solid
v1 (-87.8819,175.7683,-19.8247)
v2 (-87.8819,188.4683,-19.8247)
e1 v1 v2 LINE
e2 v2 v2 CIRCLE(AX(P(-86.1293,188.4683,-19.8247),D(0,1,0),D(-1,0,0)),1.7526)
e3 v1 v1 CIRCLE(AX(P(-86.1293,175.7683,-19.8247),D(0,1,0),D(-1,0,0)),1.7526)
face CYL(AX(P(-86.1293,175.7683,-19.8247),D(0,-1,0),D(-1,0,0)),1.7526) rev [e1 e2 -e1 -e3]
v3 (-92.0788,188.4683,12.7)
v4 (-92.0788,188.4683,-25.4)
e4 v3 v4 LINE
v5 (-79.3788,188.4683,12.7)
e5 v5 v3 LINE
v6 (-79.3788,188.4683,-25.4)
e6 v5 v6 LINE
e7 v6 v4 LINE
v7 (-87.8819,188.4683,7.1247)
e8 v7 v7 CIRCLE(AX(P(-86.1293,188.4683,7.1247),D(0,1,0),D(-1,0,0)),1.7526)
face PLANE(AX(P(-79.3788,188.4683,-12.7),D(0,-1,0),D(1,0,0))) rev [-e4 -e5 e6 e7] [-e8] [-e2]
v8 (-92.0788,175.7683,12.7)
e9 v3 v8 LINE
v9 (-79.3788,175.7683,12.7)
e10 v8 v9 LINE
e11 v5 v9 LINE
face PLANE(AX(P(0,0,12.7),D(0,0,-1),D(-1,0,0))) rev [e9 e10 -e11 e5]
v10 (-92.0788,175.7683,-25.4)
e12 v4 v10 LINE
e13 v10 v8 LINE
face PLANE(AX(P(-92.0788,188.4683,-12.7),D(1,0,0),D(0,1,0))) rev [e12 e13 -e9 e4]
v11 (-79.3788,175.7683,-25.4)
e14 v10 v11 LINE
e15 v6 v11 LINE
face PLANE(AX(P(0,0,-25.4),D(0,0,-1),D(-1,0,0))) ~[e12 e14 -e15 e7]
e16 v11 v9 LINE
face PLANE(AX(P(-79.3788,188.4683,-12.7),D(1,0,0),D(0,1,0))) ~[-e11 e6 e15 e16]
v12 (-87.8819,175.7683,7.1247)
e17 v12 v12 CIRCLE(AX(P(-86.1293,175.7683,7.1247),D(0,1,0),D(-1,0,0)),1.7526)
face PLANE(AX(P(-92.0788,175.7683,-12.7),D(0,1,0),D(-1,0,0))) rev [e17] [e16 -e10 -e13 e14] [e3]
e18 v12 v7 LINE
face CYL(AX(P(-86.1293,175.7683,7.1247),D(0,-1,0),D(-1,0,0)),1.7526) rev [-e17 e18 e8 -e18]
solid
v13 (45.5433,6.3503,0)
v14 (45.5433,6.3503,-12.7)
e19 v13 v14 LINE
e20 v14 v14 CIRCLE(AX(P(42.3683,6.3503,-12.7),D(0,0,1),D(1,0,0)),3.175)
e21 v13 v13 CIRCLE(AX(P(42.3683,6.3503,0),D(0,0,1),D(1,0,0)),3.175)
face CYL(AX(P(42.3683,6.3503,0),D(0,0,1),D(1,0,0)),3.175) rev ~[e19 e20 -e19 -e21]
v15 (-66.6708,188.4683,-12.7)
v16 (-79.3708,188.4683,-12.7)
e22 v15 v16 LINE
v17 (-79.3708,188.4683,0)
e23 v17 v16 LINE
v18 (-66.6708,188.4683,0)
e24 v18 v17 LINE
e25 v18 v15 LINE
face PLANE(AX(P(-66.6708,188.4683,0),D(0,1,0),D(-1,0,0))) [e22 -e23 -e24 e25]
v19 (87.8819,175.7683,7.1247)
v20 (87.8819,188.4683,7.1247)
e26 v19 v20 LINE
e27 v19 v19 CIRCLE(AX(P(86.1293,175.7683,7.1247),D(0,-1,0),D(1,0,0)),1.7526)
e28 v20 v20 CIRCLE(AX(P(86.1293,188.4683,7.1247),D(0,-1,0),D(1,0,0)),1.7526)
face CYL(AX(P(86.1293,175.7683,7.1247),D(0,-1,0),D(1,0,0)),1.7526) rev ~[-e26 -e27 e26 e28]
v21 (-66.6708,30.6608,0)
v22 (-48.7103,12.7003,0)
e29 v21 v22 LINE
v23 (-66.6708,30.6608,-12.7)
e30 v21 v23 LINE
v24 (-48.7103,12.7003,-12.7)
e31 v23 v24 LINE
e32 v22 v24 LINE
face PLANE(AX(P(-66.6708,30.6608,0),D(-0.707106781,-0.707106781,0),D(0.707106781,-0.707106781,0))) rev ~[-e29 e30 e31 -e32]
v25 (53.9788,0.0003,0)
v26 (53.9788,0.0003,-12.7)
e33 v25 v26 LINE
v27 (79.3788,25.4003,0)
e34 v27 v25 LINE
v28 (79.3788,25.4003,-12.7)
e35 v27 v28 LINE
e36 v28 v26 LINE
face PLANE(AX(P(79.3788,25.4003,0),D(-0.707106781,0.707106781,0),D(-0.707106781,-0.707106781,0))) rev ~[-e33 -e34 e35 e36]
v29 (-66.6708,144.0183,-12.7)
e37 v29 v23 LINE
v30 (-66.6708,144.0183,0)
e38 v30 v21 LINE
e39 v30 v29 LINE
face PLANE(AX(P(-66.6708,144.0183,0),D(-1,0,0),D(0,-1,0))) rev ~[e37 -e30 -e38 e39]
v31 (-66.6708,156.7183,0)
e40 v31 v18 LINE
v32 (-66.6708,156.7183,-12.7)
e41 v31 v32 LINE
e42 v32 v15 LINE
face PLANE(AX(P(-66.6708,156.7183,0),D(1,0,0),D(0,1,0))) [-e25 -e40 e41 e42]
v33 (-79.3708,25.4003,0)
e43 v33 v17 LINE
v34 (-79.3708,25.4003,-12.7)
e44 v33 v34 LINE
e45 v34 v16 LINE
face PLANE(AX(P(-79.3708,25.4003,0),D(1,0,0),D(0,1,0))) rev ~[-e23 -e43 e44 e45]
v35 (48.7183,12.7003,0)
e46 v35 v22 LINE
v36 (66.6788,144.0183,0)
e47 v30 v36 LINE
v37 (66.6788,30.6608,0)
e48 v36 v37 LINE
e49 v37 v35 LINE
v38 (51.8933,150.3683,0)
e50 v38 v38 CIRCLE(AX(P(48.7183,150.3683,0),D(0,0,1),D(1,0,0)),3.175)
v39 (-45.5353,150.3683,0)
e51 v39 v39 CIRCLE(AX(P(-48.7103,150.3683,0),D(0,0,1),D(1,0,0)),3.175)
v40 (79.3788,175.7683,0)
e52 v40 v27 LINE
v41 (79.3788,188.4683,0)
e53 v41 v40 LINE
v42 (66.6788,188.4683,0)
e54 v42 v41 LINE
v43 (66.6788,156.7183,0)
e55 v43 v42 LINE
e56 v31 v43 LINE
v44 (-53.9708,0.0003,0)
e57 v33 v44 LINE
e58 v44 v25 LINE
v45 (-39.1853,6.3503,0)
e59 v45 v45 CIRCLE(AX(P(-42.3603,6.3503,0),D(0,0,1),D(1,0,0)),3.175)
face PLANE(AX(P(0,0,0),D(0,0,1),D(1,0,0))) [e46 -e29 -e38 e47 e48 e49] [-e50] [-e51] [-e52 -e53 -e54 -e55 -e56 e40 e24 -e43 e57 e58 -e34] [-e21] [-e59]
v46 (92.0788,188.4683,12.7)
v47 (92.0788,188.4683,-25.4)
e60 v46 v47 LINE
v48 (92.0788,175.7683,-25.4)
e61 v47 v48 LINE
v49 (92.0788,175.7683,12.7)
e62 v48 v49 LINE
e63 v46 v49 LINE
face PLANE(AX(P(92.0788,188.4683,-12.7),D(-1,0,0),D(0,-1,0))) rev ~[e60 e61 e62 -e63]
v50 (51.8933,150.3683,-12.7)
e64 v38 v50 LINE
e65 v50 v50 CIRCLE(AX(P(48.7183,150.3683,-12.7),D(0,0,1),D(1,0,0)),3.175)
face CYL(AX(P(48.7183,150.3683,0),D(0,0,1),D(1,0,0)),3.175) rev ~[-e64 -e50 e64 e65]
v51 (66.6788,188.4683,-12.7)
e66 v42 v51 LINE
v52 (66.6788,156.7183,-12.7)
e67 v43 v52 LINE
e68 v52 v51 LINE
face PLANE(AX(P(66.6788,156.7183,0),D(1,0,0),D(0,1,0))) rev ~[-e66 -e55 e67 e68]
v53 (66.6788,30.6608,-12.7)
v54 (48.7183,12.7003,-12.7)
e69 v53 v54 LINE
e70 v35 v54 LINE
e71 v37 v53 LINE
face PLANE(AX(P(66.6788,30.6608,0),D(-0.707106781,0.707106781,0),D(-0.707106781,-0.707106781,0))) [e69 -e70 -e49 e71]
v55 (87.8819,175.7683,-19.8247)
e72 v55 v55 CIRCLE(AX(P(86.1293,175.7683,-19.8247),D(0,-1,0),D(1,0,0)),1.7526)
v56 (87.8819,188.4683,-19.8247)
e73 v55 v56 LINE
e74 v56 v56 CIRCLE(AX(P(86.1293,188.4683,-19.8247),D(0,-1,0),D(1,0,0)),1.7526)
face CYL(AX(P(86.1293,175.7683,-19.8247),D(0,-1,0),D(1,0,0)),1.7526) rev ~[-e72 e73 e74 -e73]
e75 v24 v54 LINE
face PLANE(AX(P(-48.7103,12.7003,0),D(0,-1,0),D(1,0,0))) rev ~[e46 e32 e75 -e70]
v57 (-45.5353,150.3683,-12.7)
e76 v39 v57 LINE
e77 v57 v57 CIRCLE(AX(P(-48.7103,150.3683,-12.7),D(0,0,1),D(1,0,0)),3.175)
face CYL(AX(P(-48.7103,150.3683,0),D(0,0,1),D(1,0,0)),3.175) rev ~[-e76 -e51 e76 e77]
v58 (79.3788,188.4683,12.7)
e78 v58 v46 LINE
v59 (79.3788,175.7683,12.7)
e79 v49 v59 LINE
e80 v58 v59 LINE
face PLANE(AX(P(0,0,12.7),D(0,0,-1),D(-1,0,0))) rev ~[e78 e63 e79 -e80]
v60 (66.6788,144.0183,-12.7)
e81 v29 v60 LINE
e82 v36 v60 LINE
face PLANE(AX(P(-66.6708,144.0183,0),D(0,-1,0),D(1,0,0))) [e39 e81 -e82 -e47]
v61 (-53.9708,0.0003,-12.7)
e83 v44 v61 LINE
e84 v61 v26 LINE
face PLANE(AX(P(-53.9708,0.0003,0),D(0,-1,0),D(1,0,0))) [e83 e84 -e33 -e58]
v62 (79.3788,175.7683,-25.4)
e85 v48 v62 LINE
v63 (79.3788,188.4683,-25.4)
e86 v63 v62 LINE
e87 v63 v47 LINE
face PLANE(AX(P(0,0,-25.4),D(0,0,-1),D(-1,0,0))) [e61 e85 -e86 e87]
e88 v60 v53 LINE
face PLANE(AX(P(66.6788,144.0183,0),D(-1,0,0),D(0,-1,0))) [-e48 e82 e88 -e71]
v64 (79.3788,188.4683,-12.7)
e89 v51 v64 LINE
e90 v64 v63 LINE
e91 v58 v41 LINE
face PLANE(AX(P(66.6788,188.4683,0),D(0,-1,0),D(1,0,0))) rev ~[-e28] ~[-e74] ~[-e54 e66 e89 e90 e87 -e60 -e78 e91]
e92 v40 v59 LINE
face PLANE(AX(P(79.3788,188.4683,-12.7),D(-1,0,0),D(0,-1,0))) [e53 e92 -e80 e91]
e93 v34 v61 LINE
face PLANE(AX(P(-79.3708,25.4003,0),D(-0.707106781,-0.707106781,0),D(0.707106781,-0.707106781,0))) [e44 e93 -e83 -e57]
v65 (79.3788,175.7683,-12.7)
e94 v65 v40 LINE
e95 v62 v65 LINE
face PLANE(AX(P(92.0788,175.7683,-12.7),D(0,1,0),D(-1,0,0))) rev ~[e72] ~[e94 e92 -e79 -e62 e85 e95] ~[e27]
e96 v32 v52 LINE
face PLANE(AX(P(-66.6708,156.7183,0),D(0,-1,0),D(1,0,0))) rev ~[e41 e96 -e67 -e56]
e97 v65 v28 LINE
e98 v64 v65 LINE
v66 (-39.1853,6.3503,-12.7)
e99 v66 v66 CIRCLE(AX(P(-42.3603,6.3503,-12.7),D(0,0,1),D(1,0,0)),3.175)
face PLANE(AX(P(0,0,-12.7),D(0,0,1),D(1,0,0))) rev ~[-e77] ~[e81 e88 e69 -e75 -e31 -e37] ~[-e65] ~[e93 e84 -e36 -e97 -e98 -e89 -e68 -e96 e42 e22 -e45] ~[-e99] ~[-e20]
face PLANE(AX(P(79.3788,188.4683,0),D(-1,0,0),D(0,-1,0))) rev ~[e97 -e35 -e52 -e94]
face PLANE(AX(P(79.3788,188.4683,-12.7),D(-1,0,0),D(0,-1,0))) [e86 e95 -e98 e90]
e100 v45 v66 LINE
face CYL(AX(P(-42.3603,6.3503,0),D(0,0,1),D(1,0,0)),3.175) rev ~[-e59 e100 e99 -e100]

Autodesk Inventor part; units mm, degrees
ref_plane "YZ Plane" through (0, 0, 0) normal (1, 0, 0) x (0, 1, 0)
ref_plane "XZ Plane" through (0, 0, 0) normal (0, 1, 0) x (-1, 0, 0)
ref_plane "XY Plane" through (0, 0, 0) normal (0, 0, 1) x (1, 0, 0)
sketch "Sketch1" plane through (0, 0, 0) normal (0, 0, 1) x (1, 0, 0)
  line L0 (-73.0208, 6.3503) -> (73.0288, 6.3503) construction
  line L1 (73.0288, 6.3503) -> (73.0288, 150.3683) construction
  line L2 (73.0288, 150.3683) -> (-73.0208, 150.3683) construction
  line L3 (-73.0208, 150.3683) -> (-73.0208, 6.3503) construction
  line L4 (-79.3708, 156.7183) -> (79.3788, 156.7183) construction
  line L5 (79.3788, 188.4683) -> (79.3788, 0.0003) construction
  line L6 (79.3788, 0.0003) -> (-79.3708, 0.0003) construction
  line L7 (-79.3708, 0.0003) -> (-79.3708, 156.7183) construction
  line L8 (-66.6708, 144.0183) -> (66.6788, 144.0183) construction
  line L9 (66.6788, 144.0183) -> (66.6788, 12.7003) construction
  line L10 (66.6788, 12.7003) -> (-66.6708, 12.7003) construction
  line L11 (-66.6708, 12.7003) -> (-66.6708, 156.7183) construction
  line L12 (79.3788, 156.7183) -> (66.6788, 144.0183) construction
  line L13 (-79.3708, 156.7183) -> (-66.6708, 144.0183) construction
  line L14 (-53.9708, 131.3183) -> (53.9788, 131.3183) construction
  line L15 (53.9788, 131.3183) -> (53.9788, 25.4003) construction
  line L16 (53.9788, 25.4003) -> (-53.9708, 25.4003) construction
  line L17 (-53.9708, 25.4003) -> (-53.9708, 131.3183) construction
  line L18 (-53.9708, 156.7183) -> (-79.3708, 131.3183) construction
  line L19 (-48.7103, 144.0183) -> (-66.6708, 126.0578) construction
  line L20 (0.004, 131.3183) -> (0.004, 156.7183) construction
  line L21 (-53.9708, 78.3593) -> (-79.3708, 78.3593) construction
  line L22 (-66.6708, 156.7183) -> (66.6788, 156.7183)
  line L23 (-79.3708, 25.4003) -> (-53.9708, 0.0003)
  line L24 (-53.9708, 0.0003) -> (53.9788, 0.0003)
  line L25 (-66.6708, 30.6608) -> (-48.7103, 12.7003)
  line L26 (-48.7103, 12.7003) -> (0.0038, 12.7003)
  line L27 (48.7183, 12.7003) -> (0.0038, 12.7003)
  line L28 (79.3788, 25.4003) -> (53.9788, 0.0003)
  line L29 (66.6788, 144.0183) -> (66.6788, 30.6608)
  line L30 (66.6788, 30.6608) -> (48.7183, 12.7003)
  line L31 (79.3788, 188.4683) -> (79.3788, 25.4003)
  line L32 (-66.6708, 144.0183) -> (66.6788, 144.0183)
  line L33 (-66.6708, 144.0183) -> (-66.6708, 30.6608)
  line L34 (-79.3708, 25.4003) -> (-79.3708, 188.4683)
  line L35 (-66.6708, 156.7183) -> (-66.6708, 188.4683)
  line L36 (-66.6708, 188.4683) -> (-79.3708, 188.4683)
  line L37 (66.6788, 156.7183) -> (66.6788, 188.4683)
  line L38 (66.6788, 188.4683) -> (79.3788, 188.4683)
  line L39 (-48.7103, 156.7183) -> (-48.7103, 0.0003) construction
  line L40 (48.7183, 156.7183) -> (48.7183, 0.0003) construction
  circle A0 centre (-42.3603, 6.3503) radius 3.175
  circle A1 centre (42.3683, 6.3503) radius 3.175
  circle A2 centre (-48.7103, 150.3683) radius 3.175
  circle A3 centre (48.7183, 150.3683) radius 3.175
  point P0 (79.3788, 131.3183)
  dimension "d1" = 144.018
  dimension "d2" = 6.35
  dimension "d3" = 6.35
  dimension "d4" = 12.7
  dimension "d5" = 12.7
  dimension "d22" = 6.35
  dimension "d23" = 6.35
  dimension "d24" = 6.35
  dimension "d25" = 6.35
  dimension "d26" = 6.35
  dimension "d27" = 6.35
extrude "Extrusion1" add sketch "Sketch1" against normal blind 12.7
sketch "Sketch4" plane through (0, 0, -12.7) normal (0, 0, -1) x (-1, 0, 0)
  line L0 (-79.3788, 188.4683) -> (-79.3788, 25.4003) projected
  line L1 (-53.9788, 0.0003) -> (53.9708, 0.0003) projected
  line L2 (-79.3788, 188.4683) -> (-92.0788, 188.4683)
  line L3 (-92.0788, 188.4683) -> (-92.0788, 175.7683)
  line L4 (-92.0788, 175.7683) -> (-79.3788, 175.7683)
  line L5 (-79.3788, 175.7683) -> (-79.3788, 189.4306)
  point P0 (0, 0)
  dimension "d15" = 12.7
  dimension "d16" = 12.7
extrude "Extrusion4" add sketch "Sketch4" along normal blind 12.7 and the other way blind 25.4
mirror "Mirror1" about plane through (0, 0, 0) normal (1, 0, 0) of "Extrusion4"
sketch "Sketch6" plane through (79.3788, 175.7683, -25.4) normal (0, -1, 0) x (1, 0, 0)
  circle A0 centre (6.7505, 32.5247) radius 1.7526
  circle A1 centre (6.7505, 5.5753) radius 1.7526
  line L0 (0, 12.7) -> (0, 25.4) projected
  line L1 (12.7, 38.1) -> (12.7, 0) projected
  line L2 (12.7, 19.05) -> (0, 19.05) construction
  point P0 (-79.3788, 25.4)
  dimension "d30" = 13.4747
  dimension "d31" = 26.9494
extrude "Extrusion5" cut sketch "Sketch6" against normal blind 12.7
mirror "Mirror2" about plane through (0, 0, 0) normal (1, 0, 0) of "Extrusion5"
properties part number "Base"
